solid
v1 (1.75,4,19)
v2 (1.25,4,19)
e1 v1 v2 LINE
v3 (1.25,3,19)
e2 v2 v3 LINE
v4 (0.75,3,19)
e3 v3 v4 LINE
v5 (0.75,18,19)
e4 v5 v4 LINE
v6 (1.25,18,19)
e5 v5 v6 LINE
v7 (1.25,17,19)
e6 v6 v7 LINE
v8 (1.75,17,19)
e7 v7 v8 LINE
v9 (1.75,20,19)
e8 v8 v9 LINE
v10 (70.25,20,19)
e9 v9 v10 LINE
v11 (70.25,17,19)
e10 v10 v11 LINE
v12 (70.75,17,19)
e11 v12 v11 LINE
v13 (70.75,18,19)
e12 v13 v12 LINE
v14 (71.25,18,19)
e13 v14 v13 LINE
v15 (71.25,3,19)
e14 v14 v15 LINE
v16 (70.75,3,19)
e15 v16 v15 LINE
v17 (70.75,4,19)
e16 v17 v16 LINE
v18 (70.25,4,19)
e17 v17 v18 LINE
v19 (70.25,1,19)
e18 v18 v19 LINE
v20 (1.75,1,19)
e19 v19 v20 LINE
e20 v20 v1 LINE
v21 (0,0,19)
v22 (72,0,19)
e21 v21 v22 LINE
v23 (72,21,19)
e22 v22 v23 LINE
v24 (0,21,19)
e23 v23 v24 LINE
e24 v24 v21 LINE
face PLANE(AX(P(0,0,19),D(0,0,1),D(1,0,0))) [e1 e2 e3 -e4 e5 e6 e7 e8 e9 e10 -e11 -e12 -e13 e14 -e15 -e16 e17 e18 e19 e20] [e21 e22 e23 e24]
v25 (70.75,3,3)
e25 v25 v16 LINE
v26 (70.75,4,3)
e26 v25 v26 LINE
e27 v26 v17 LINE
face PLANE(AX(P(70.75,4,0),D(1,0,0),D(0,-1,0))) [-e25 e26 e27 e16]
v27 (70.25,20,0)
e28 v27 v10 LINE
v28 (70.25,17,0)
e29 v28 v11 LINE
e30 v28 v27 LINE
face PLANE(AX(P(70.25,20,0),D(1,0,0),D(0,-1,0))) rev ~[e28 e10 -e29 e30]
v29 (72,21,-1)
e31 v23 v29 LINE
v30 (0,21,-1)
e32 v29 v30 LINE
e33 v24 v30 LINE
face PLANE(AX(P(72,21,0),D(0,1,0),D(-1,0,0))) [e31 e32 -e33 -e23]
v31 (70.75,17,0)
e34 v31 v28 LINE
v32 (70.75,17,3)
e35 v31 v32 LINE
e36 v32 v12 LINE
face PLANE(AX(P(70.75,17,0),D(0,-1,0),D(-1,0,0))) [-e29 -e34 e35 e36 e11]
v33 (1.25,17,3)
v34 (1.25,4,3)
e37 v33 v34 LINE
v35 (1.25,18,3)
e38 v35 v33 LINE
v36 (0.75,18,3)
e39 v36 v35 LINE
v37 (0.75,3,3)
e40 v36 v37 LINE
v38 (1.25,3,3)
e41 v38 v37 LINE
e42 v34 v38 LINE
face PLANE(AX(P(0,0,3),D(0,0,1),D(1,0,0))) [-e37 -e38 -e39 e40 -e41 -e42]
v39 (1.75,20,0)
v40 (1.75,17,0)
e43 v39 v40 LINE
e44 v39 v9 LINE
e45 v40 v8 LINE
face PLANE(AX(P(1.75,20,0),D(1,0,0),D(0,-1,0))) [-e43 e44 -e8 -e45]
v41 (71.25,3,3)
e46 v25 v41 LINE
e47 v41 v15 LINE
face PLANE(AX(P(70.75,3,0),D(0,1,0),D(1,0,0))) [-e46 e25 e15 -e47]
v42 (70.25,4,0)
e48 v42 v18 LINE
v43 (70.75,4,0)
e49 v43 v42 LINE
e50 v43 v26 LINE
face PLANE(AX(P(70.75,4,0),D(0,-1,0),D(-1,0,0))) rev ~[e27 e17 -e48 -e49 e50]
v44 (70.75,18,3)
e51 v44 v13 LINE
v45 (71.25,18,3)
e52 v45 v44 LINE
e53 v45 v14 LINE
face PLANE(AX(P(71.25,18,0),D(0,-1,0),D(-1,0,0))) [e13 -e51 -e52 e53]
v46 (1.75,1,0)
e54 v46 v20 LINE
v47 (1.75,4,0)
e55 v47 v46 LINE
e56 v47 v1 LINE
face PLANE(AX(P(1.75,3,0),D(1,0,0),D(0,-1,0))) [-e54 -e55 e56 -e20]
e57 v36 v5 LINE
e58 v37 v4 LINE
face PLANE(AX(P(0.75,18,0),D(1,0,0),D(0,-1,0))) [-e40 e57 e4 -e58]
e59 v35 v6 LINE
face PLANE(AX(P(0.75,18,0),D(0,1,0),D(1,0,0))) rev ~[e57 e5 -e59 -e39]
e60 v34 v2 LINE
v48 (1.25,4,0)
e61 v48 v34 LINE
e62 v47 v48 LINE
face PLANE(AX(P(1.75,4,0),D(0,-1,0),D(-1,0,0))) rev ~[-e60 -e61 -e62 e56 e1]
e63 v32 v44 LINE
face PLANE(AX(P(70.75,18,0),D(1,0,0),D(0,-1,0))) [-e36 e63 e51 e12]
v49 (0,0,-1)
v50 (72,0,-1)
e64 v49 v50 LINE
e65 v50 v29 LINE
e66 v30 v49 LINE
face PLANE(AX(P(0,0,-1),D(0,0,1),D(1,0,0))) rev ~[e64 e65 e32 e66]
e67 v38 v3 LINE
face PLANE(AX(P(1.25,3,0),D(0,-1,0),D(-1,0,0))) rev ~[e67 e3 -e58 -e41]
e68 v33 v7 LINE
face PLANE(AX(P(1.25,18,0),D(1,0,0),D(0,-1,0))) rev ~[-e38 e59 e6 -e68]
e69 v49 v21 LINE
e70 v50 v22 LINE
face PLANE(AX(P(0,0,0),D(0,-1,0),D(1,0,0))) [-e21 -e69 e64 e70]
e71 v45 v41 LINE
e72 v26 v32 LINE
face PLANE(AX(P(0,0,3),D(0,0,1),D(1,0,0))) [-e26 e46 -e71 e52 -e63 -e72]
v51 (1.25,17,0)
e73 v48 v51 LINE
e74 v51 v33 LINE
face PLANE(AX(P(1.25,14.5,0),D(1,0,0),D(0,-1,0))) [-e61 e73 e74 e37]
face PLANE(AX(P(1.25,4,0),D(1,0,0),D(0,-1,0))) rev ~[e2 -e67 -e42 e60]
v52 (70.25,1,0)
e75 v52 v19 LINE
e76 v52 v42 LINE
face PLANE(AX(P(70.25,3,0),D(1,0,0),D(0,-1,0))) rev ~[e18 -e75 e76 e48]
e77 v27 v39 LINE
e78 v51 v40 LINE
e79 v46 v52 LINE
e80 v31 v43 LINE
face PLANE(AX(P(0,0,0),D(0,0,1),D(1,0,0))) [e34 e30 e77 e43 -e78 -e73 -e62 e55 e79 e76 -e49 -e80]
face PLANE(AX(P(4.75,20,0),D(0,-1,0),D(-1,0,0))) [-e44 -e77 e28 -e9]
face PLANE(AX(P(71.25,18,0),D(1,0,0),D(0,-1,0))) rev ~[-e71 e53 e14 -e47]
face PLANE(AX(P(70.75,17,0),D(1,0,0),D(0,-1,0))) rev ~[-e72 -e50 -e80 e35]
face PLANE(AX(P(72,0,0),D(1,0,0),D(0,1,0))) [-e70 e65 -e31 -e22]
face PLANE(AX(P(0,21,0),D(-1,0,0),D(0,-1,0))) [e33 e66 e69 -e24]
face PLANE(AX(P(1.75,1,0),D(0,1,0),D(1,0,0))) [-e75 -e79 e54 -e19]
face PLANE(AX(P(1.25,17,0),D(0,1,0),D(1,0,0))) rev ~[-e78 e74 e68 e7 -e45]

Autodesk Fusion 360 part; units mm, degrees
sketch "Sketch1" plane through (0, 0, 0) normal (0, 0, 1) x (1, 0, 0)
  line L0 (0, 0) -> (72, 0)
  line L1 (72, 0) -> (72, 21)
  line L2 (72, 21) -> (0, 21)
  line L3 (0, 21) -> (0, 0)
  line L4 (4.75, 20) -> (69.75, 20)
  line L5 (69.75, 20) -> (69.75, 1)
  line L6 (69.75, 1) -> (4.75, 1)
  line L7 (4.75, 1) -> (4.75, 20)
  line L8 (69.75, 20) -> (71.25, 20)
  line L9 (71.25, 20) -> (71.25, 1)
  line L10 (71.25, 1) -> (69.75, 1)
  line L11 (69.75, 1) -> (69.75, 20)
  line L12 (4.75, 20) -> (0.75, 20)
  line L13 (0.75, 20) -> (0.75, 1)
  line L14 (0.75, 1) -> (4.75, 1)
  line L15 (4.75, 1) -> (4.75, 20)
  line L16 (0.75, 18) -> (1.25, 18)
  line L17 (1.25, 18) -> (1.25, 3)
  line L18 (1.25, 3) -> (0.75, 3)
  line L19 (0.75, 3) -> (0.75, 18)
  line L20 (1.25, 14.5) -> (4.75, 14.5)
  line L21 (4.75, 14.5) -> (4.75, 6.5)
  line L22 (4.75, 6.5) -> (1.25, 6.5)
  line L23 (1.25, 6.5) -> (1.25, 14.5)
  line L24 (0.75, 20) -> (1.75, 20)
  line L25 (1.75, 20) -> (1.75, 18)
  line L26 (1.75, 18) -> (0.75, 18)
  line L27 (0.75, 18) -> (0.75, 20)
  line L28 (1.75, 18) -> (1.25, 18)
  line L29 (1.25, 18) -> (1.25, 17)
  line L30 (1.25, 17) -> (1.75, 17)
  line L31 (1.75, 17) -> (1.75, 18)
  line L32 (0.75, 3) -> (1.75, 3)
  line L33 (1.75, 3) -> (1.75, 1)
  line L34 (1.75, 1) -> (0.75, 1)
  line L35 (0.75, 1) -> (0.75, 3)
  line L36 (1.25, 3) -> (1.75, 3)
  line L37 (1.75, 3) -> (1.75, 4)
  line L38 (1.75, 4) -> (1.25, 4)
  line L39 (1.25, 4) -> (1.25, 3)
  line L40 (71.25, 18) -> (70.75, 18)
  line L41 (70.75, 18) -> (70.75, 3)
  line L42 (70.75, 3) -> (71.25, 3)
  line L43 (71.25, 3) -> (71.25, 18)
  line L44 (70.75, 14.5) -> (69.75, 14.5)
  line L45 (69.75, 14.5) -> (69.75, 6.5)
  line L46 (69.75, 6.5) -> (70.75, 6.5)
  line L47 (70.75, 6.5) -> (70.75, 14.5)
  line L48 (71.25, 20) -> (70.25, 20)
  line L49 (70.25, 20) -> (70.25, 18)
  line L50 (70.25, 18) -> (71.25, 18)
  line L51 (71.25, 18) -> (71.25, 20)
  line L52 (70.25, 18) -> (70.75, 18)
  line L53 (70.75, 18) -> (70.75, 17)
  line L54 (70.75, 17) -> (70.25, 17)
  line L55 (70.25, 17) -> (70.25, 18)
  line L56 (71.25, 3) -> (70.25, 3)
  line L57 (70.25, 3) -> (70.25, 1)
  line L58 (70.25, 1) -> (71.25, 1)
  line L59 (71.25, 1) -> (71.25, 3)
  line L60 (70.25, 3) -> (70.75, 3)
  line L61 (70.75, 3) -> (70.75, 4)
  line L62 (70.75, 4) -> (70.25, 4)
  line L63 (70.25, 4) -> (70.25, 3)
  dimension "d46" = 72
  dimension "d47" = 21
  dimension "d48" = 65
  dimension "d49" = 19
  dimension "d50" = 1
  dimension "d51" = 1.5
  dimension "d52" = 19
  dimension "d53" = 4
  dimension "d54" = 19
  dimension "d55" = 0.75
  dimension "d56" = 0.5
  dimension "d57" = 15
  dimension "d58" = 2
  dimension "d59" = 8
  dimension "d60" = 3.5
  dimension "d61" = 3.5
  dimension "d62" = 1
  dimension "d63" = 2
  dimension "d64" = 0.5
  dimension "d65" = 1
  dimension "d66" = 1
  dimension "d67" = 2
  dimension "d68" = 0.5
  dimension "d69" = 1
  dimension "d70" = 0.5
  dimension "d71" = 15
  dimension "d72" = 2
  dimension "d73" = 1
  dimension "d74" = 8
  dimension "d75" = 3.5
  dimension "d76" = 1
  dimension "d77" = 2
  dimension "d78" = 0.5
  dimension "d79" = 1
  dimension "d80" = 1
  dimension "d81" = 2
  dimension "d82" = 0.5
  dimension "d83" = 1
extrude "Extrude3" add sketch "Sketch1" against normal blind 1 contours L0 L1 L2 L3 | L4 L5 L6 L7 L11 L15 L21 L45 | L7 L12 L15 L17 L20 L25 L30 L31 | L5 L8 L11 L41 L44 L49 L54 L55 | L7 L15 L17 L20 L21 L22 L23 | L12 L13 L16 L24 L25 L26 L27 L28 | L5 L11 L41 L44 L45 L46 L47 | L8 L9 L40 L48 L49 L50 L51 L52 | L7 L14 L15 L17 L22 L33 L37 L38 | L13 L16 L17 L18 L19 L23 L26 L29 L32 L39 | L17 L26 L28 L29 L30 L31 | L5 L10 L11 L41 L46 L57 L62 L63 | L9 L40 L41 L42 L43 L47 L50 L53 L56 L61 | L41 L50 L52 L53 L54 L55 | L13 L14 L18 L32 L33 L34 L35 L36 | L17 L32 L36 L37 L38 L39 | L9 L10 L42 L56 L57 L58 L59 L60 | L41 L56 L60 L61 L62 L63
extrude "Extrude4" add sketch "Sketch1" along normal blind 19 contours L0 L1 L2 L3 | L12 L13 L16 L24 L25 L26 L27 L28 | L8 L9 L40 L48 L49 L50 L51 L52 | L17 L26 L28 L29 L30 L31 | L41 L50 L52 L53 L54 L55 | L13 L14 L18 L32 L33 L34 L35 L36 | L17 L32 L36 L37 L38 L39 | L9 L10 L42 L56 L57 L58 L59 L60 | L41 L56 L60 L61 L62 L63
extrude "Extrude5" add sketch "Sketch1" along normal blind 3 contours L13 L16 L17 L18 L19 L23 L26 L29 L32 L39 | L9 L40 L41 L42 L43 L47 L50 L53 L56 L61
